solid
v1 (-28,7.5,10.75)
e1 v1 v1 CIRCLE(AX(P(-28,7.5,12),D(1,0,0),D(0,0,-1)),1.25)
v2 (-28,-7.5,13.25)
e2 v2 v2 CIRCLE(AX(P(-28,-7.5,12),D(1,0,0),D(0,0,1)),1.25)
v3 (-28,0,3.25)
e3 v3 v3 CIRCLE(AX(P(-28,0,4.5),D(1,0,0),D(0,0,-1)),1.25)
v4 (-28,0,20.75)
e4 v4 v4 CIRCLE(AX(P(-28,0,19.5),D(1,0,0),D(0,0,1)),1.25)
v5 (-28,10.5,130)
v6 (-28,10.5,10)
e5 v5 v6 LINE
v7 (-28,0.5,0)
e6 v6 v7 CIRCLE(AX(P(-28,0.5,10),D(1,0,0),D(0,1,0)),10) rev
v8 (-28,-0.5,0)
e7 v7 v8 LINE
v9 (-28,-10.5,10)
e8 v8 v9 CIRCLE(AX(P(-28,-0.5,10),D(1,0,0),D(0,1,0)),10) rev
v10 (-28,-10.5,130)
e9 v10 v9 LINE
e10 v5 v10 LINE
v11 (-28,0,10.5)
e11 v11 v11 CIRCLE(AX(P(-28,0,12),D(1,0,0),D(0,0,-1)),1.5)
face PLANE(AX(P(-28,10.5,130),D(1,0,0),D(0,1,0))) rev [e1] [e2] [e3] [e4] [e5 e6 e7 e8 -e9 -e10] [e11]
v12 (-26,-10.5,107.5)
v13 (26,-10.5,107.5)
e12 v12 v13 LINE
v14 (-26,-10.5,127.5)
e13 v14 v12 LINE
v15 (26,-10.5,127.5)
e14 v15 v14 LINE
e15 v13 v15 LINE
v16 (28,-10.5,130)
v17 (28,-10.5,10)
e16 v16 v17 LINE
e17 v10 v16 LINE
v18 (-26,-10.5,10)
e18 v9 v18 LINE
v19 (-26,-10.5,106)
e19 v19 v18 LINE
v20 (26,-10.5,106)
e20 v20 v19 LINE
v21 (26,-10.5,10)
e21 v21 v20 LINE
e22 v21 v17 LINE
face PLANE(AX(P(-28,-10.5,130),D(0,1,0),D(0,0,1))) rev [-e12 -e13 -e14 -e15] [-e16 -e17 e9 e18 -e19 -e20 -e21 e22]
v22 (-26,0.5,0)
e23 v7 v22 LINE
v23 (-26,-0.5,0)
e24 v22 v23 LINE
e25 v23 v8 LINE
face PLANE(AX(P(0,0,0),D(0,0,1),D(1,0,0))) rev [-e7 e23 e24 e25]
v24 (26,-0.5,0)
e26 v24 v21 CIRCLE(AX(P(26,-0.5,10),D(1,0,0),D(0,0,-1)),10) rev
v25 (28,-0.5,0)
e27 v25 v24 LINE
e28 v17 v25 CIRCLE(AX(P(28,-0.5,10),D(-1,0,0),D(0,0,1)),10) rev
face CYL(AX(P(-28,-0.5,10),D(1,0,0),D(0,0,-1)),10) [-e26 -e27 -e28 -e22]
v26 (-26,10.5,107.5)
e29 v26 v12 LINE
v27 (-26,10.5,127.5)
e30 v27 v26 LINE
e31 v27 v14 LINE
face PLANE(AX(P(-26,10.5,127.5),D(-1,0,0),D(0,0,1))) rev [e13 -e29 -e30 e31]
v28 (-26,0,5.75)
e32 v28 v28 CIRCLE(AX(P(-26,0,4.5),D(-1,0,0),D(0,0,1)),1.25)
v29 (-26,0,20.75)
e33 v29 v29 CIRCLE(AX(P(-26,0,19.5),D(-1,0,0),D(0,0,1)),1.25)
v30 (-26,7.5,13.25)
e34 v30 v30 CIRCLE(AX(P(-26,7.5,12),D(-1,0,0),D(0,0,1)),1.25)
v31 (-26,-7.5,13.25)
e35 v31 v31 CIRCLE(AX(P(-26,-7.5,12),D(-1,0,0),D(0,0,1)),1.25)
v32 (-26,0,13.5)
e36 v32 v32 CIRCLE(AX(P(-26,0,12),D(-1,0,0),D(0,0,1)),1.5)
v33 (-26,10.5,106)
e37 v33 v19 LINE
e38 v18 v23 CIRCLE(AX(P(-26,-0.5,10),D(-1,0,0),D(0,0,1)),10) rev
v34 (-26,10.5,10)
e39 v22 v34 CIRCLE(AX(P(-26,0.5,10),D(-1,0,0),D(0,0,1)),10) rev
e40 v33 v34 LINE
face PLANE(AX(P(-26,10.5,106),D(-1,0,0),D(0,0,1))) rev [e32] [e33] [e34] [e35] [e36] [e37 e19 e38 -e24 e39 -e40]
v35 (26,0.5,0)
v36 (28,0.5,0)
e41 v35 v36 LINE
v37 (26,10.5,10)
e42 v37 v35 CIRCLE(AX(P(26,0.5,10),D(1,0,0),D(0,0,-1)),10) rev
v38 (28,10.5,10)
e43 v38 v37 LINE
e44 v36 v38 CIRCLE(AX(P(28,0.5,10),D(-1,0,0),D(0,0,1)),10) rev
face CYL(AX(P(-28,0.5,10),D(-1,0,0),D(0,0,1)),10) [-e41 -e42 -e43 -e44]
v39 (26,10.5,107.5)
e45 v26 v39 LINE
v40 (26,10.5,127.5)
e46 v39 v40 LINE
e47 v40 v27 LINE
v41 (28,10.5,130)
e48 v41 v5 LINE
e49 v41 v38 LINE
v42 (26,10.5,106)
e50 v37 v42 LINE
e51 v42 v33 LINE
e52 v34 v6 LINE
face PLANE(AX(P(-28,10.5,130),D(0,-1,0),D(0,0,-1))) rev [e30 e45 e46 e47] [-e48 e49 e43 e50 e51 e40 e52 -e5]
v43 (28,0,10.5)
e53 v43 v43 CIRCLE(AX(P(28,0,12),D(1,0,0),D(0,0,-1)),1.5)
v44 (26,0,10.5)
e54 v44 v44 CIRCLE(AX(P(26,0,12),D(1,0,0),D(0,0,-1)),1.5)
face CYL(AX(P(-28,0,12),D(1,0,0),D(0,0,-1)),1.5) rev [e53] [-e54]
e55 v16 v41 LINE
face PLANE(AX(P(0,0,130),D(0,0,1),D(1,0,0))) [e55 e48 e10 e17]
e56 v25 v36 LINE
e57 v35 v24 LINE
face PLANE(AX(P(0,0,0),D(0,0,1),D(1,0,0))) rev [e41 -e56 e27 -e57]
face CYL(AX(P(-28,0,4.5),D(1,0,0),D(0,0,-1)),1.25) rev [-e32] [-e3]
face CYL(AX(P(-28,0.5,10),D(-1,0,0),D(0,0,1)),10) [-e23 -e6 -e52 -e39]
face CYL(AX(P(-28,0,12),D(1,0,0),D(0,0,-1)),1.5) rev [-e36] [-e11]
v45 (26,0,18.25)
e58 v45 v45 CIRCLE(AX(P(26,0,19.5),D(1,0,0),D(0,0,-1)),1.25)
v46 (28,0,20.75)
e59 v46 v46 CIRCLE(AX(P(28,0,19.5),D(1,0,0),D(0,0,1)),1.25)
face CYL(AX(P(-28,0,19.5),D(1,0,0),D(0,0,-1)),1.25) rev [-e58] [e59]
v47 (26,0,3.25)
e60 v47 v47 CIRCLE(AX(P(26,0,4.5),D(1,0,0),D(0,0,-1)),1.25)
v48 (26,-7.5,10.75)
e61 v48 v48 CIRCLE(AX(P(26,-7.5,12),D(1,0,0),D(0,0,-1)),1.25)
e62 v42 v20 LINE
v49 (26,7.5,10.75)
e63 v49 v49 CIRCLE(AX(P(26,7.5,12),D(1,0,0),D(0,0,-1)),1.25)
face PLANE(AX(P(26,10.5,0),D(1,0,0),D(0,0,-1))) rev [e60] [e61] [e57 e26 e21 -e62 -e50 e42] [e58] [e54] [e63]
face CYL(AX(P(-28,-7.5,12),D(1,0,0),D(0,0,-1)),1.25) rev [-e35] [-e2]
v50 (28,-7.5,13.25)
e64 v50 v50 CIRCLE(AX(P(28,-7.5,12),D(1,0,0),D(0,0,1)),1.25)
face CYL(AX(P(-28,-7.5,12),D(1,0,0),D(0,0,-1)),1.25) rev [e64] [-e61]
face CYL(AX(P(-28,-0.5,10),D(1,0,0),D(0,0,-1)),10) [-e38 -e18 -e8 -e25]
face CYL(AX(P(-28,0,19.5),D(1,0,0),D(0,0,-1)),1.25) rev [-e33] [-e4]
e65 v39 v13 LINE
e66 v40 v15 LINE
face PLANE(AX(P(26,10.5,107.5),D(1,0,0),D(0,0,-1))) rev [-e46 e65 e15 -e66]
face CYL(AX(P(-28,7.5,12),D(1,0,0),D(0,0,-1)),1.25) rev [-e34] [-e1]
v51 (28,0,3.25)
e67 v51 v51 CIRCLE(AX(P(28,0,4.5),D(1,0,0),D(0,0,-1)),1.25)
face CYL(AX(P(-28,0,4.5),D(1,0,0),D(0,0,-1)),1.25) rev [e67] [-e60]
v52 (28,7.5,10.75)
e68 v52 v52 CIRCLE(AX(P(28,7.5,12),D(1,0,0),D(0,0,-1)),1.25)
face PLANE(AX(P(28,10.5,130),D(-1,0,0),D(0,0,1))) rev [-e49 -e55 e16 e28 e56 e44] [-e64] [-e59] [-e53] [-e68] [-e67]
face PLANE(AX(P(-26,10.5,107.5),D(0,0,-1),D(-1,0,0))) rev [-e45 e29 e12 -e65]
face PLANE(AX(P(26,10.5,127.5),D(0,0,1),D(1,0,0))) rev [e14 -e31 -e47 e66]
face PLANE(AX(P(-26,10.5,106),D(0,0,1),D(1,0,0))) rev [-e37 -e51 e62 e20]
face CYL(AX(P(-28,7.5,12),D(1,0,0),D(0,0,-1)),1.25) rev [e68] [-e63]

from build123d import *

# Parameters (mm, degrees)
SKETCH3_W           = 56
SKETCH3_H           = 21
BOSS_EXTRUDE1_DEPTH = 130
SKETCH4_W           = 52
SKETCH4_H           = 106
SKETCH4_H_2         = 20
CUT_EXTRUDE3_DEPTH  = 22
SKETCH6_R           = 1.5
SKETCH6_R_2         = 1.25
CUT_EXTRUDE4_DEPTH  = 57
FILLET1_R           = 10


with BuildPart() as part:
    # Sketch3 → Boss-Extrude1 (new body)
    with BuildSketch(Plane.XY):
        Rectangle(SKETCH3_W, SKETCH3_H)
    extrude(amount=BOSS_EXTRUDE1_DEPTH)

    # Sketch4 → Cut-Extrude3 (cut, through all)
    with BuildSketch(Plane.XZ.offset(10.5)):
        with Locations((0, 53)):
            Rectangle(SKETCH4_W, SKETCH4_H)
        with Locations((0, 117.5)):
            Rectangle(SKETCH4_W, SKETCH4_H_2)
    extrude(amount=-CUT_EXTRUDE3_DEPTH, mode=Mode.SUBTRACT)

    # Sketch6 → Cut-Extrude4 (cut, through all)
    with BuildSketch(Plane(origin=(28, 0, 0), x_dir=(0, 0, -1), z_dir=(1, 0, 0))):
        with Locations((-12, 0)):
            Circle(SKETCH6_R)
        with Locations((-4.5, 0)):
            Circle(SKETCH6_R_2)
        with Locations((-19.5, 0)):
            Circle(SKETCH6_R_2)
        with Locations((-12, 7.5)):
            Circle(SKETCH6_R_2)
        with Locations((-12, -7.5)):
            Circle(SKETCH6_R_2)
    extrude(amount=-CUT_EXTRUDE4_DEPTH, mode=Mode.SUBTRACT)

    # Fillet1
    fillet1_edges = [part.edges().sort_by_distance(p)[0] for p in [
        (27, -10.5, 0),
        (-27, 10.5, 0),
        (-27, -10.5, 0),
        (27, 10.5, 0),
    ]]
    fillet(fillet1_edges, radius=FILLET1_R)


solid = part.part
